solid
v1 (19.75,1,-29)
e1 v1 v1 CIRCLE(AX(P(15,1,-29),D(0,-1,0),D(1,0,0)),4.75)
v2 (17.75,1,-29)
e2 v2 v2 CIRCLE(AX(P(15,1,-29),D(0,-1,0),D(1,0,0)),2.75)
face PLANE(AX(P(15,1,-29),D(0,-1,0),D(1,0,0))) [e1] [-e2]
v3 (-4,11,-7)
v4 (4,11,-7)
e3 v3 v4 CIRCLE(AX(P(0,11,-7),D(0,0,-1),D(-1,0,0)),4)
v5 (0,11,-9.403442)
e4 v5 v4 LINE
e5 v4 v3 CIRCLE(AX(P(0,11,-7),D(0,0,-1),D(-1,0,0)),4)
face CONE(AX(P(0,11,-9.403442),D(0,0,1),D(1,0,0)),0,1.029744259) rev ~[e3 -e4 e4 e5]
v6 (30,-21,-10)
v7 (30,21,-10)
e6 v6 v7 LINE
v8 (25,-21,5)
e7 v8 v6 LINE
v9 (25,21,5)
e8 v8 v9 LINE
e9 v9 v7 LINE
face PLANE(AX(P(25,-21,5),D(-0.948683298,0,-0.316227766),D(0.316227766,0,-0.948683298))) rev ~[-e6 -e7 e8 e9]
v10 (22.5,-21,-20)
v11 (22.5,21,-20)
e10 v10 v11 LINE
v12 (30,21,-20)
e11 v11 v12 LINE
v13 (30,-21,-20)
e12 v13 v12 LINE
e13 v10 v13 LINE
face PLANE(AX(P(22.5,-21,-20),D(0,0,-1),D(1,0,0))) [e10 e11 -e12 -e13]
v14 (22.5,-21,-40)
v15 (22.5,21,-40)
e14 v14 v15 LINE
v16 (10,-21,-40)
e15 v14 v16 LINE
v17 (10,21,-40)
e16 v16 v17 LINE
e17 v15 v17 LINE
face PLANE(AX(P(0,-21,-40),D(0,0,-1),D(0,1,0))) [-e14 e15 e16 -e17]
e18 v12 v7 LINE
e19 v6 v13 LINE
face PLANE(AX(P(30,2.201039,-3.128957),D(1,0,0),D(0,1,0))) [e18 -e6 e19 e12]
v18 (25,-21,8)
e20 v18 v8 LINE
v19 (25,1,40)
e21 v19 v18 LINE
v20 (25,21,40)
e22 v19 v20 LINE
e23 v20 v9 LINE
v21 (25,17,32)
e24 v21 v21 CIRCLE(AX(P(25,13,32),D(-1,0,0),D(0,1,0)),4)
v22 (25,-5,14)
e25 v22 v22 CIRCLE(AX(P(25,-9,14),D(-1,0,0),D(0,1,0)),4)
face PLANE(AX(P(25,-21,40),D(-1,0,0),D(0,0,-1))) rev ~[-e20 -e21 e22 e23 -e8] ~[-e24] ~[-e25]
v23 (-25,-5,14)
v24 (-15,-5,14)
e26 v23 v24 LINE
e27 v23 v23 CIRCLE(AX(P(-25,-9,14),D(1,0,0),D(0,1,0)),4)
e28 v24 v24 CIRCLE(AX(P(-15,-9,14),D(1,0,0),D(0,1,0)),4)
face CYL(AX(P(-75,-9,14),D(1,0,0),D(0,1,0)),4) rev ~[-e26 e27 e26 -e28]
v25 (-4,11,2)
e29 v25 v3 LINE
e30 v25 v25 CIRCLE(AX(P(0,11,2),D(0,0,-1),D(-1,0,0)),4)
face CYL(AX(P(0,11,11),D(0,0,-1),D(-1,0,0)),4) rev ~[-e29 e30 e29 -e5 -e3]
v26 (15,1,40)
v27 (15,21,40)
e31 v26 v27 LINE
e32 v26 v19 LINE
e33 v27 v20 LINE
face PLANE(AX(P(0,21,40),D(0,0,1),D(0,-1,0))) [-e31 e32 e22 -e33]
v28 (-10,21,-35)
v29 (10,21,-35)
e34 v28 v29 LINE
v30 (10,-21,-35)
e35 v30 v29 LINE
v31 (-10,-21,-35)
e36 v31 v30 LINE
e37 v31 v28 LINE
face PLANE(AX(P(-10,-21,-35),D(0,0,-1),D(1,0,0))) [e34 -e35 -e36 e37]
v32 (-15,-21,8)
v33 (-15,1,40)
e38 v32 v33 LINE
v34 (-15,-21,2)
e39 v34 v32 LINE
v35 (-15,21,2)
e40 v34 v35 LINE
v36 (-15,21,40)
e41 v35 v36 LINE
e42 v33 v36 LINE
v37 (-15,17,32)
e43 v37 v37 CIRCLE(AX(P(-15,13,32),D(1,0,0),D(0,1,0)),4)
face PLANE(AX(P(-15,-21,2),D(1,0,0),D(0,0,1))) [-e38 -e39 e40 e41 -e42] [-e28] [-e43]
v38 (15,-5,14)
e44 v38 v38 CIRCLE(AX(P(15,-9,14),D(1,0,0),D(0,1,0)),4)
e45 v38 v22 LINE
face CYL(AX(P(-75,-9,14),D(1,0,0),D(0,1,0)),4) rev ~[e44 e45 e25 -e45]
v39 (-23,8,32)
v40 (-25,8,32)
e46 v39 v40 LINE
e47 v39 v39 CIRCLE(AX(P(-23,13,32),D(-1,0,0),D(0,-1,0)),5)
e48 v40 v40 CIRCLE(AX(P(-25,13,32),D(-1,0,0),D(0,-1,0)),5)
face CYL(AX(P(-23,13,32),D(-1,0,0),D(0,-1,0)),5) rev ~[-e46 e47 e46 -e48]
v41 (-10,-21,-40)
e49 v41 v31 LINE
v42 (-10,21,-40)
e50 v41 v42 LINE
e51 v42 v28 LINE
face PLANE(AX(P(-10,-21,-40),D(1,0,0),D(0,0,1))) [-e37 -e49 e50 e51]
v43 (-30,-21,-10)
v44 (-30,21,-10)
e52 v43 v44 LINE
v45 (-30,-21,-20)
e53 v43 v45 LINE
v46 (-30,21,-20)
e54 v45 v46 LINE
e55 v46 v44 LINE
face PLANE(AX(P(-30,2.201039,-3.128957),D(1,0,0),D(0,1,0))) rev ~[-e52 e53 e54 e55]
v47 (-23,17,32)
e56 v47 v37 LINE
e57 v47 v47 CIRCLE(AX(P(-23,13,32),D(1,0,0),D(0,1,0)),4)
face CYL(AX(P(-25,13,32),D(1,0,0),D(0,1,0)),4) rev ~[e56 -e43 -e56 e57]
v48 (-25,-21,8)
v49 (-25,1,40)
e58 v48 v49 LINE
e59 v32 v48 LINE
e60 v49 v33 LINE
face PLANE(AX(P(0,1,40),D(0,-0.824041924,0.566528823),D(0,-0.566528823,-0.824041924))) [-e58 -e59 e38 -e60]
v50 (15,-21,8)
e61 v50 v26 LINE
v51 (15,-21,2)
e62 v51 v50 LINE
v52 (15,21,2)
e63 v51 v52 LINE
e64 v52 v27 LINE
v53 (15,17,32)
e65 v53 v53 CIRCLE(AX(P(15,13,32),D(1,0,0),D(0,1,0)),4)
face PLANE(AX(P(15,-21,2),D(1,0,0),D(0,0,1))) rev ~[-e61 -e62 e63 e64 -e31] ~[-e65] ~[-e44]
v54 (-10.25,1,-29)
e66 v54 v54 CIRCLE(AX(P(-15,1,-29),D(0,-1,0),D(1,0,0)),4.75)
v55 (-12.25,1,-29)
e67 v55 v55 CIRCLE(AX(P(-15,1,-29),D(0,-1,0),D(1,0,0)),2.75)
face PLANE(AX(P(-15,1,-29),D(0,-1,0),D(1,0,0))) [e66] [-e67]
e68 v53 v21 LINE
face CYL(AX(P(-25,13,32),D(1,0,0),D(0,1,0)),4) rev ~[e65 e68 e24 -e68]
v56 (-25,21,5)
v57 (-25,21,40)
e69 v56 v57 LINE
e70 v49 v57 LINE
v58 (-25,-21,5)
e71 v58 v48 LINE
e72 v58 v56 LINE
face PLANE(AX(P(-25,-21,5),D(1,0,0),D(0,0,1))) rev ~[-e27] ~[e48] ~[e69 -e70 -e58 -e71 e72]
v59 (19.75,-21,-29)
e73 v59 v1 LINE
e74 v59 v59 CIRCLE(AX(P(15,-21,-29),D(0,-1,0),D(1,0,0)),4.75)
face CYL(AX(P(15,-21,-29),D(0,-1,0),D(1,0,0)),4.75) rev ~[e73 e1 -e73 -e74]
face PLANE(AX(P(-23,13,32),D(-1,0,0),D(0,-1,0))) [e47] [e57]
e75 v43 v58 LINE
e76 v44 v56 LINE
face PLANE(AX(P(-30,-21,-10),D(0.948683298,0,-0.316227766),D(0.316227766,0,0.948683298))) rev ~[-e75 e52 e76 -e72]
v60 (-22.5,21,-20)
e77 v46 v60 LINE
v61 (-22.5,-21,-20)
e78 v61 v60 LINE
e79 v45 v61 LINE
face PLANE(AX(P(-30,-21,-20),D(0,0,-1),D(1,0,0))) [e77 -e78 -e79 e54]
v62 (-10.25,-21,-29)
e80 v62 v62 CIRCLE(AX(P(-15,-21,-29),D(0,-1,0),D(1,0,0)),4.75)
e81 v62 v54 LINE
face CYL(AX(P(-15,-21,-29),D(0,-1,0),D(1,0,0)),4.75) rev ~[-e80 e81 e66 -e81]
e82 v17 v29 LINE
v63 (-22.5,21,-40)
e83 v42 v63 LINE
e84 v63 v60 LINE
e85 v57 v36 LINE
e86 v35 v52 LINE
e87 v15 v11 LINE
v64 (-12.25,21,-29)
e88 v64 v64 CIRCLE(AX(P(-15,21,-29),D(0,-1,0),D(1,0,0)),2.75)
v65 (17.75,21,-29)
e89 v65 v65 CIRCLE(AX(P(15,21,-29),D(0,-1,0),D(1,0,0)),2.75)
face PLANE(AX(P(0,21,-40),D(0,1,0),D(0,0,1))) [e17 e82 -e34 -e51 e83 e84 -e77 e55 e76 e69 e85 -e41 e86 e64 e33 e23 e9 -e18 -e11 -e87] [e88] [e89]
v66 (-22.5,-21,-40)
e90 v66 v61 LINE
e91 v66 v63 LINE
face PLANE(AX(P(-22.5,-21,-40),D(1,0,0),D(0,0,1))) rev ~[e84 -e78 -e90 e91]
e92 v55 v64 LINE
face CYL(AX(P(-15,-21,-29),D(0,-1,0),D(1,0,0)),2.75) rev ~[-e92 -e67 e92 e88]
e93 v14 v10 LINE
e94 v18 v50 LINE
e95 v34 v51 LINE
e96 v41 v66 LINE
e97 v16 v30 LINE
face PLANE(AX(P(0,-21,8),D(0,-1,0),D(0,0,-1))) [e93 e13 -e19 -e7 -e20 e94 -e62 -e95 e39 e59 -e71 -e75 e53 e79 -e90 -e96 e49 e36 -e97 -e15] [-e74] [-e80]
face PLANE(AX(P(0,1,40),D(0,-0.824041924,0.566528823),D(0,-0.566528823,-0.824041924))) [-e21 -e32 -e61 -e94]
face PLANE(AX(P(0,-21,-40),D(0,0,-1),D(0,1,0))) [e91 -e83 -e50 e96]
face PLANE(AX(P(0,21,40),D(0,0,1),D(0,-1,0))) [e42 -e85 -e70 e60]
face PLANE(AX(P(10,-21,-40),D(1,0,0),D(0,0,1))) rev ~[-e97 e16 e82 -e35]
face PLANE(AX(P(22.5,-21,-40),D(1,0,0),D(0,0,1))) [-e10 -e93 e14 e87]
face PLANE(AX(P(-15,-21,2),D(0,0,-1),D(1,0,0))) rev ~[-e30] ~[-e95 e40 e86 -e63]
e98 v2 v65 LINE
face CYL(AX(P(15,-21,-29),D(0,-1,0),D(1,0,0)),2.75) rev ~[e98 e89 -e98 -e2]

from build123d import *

# Parameters (mm, degrees)
F1_DEPTH        = 30
F2_W            = 30
F2_H            = 38
F2_W_2          = 7.5
F2_H_2          = 20
F2_W_3          = 20
F2_H_3          = 5
F3_DEPTH        = 42
F4_R            = 4.75
F4_R_2          = 2.75
F5_DEPTH        = 22
F6_DEPTH        = 42
F8_D            = 8
F8_DEPTH        = 9
F8_TIP          = 2.4034424761
F10_D           = 8
F10_DEPTH       = 50
F10_CBORE_D     = 10
F10_CBORE_DEPTH = 2
F10_TIP         = 2.4034424761
F11_D           = 8
F11_DEPTH       = 50
F11_TIP         = 2.4034424761


with BuildPart() as f1:
    # F0 (on Right) → F1 (new body, symmetric)
    with BuildSketch(Plane.YZ):
        Polygon((21, -40), (21, 40), (1, 40), (-21, 8), (-21, -40), align=None)
    extrude(amount=F1_DEPTH, both=True)

    # F2 (on face) → F3 (cut)
    with BuildSketch(Plane.XZ.offset(21)):
        Polygon((30, 8), (30, 40), (25, 40), (25, 5), (30, -10), align=None)
        with Locations((0, 21)):
            Rectangle(F2_W, F2_H)
        with Locations((-26.25, -30)):
            Rectangle(F2_W_2, F2_H_2)
        with Locations((26.25, -30)):
            Rectangle(F2_W_2, F2_H_2)
        Polygon((-30, -10), (-25, 5), (-25, 40), (-30, 40), (-30, 8), align=None)
        with Locations((0, -37.5)):
            Rectangle(F2_W_3, F2_H_3)
    extrude(amount=-F3_DEPTH, mode=Mode.SUBTRACT)

    # F4 (on face) → F5 (cut)
    with BuildSketch(Plane.XZ.offset(21)):
        with Locations((15, -29)):
            Circle(F4_R)
        with Locations((15, -29)):
            Circle(F4_R_2, mode=Mode.SUBTRACT)
        with Locations((-15, -29)):
            Circle(F4_R)
        with Locations((-15, -29)):
            Circle(F4_R_2, mode=Mode.SUBTRACT)
        with Locations((-15, -29)):
            Circle(F4_R_2)
        with Locations((15, -29)):
            Circle(F4_R_2)
    extrude(amount=-F5_DEPTH, mode=Mode.SUBTRACT)

    # F4 (on face) → F6 (cut)
    with BuildSketch(Plane.XZ.offset(21)):
        with Locations((-15, -29)):
            Circle(F4_R_2)
        with Locations((15, -29)):
            Circle(F4_R_2)
    extrude(amount=-F6_DEPTH, mode=Mode.SUBTRACT)

    # F8
    with Locations(Plane.XY.offset(2)):
        with Locations((0, 11)):
            Hole(F8_D / 2, depth=F8_DEPTH)
            with Locations((0, 0, -(F8_DEPTH + F8_TIP / 2))):  # 118° drill point
                Cone(0, F8_D / 2, F8_TIP, mode=Mode.SUBTRACT)

    # F10
    with Locations(Plane(origin=(-25, 0, 0), x_dir=(0, -1, 0), z_dir=(-1, 0, 0))):
        with Locations((-13, 32)):
            CounterBoreHole(F10_D / 2, F10_CBORE_D / 2, F10_CBORE_DEPTH, depth=F10_DEPTH)
            with Locations((0, 0, -(F10_DEPTH + F10_TIP / 2))):  # 118° drill point
                Cone(0, F10_D / 2, F10_TIP, mode=Mode.SUBTRACT)

    # F11
    with Locations(Plane(origin=(-25, 0, 0), x_dir=(0, -1, 0), z_dir=(-1, 0, 0))):
        with Locations((9, 14)):
            Hole(F11_D / 2, depth=F11_DEPTH)
            with Locations((0, 0, -(F11_DEPTH + F11_TIP / 2))):  # 118° drill point
                Cone(0, F11_D / 2, F11_TIP, mode=Mode.SUBTRACT)


solid = f1.part
